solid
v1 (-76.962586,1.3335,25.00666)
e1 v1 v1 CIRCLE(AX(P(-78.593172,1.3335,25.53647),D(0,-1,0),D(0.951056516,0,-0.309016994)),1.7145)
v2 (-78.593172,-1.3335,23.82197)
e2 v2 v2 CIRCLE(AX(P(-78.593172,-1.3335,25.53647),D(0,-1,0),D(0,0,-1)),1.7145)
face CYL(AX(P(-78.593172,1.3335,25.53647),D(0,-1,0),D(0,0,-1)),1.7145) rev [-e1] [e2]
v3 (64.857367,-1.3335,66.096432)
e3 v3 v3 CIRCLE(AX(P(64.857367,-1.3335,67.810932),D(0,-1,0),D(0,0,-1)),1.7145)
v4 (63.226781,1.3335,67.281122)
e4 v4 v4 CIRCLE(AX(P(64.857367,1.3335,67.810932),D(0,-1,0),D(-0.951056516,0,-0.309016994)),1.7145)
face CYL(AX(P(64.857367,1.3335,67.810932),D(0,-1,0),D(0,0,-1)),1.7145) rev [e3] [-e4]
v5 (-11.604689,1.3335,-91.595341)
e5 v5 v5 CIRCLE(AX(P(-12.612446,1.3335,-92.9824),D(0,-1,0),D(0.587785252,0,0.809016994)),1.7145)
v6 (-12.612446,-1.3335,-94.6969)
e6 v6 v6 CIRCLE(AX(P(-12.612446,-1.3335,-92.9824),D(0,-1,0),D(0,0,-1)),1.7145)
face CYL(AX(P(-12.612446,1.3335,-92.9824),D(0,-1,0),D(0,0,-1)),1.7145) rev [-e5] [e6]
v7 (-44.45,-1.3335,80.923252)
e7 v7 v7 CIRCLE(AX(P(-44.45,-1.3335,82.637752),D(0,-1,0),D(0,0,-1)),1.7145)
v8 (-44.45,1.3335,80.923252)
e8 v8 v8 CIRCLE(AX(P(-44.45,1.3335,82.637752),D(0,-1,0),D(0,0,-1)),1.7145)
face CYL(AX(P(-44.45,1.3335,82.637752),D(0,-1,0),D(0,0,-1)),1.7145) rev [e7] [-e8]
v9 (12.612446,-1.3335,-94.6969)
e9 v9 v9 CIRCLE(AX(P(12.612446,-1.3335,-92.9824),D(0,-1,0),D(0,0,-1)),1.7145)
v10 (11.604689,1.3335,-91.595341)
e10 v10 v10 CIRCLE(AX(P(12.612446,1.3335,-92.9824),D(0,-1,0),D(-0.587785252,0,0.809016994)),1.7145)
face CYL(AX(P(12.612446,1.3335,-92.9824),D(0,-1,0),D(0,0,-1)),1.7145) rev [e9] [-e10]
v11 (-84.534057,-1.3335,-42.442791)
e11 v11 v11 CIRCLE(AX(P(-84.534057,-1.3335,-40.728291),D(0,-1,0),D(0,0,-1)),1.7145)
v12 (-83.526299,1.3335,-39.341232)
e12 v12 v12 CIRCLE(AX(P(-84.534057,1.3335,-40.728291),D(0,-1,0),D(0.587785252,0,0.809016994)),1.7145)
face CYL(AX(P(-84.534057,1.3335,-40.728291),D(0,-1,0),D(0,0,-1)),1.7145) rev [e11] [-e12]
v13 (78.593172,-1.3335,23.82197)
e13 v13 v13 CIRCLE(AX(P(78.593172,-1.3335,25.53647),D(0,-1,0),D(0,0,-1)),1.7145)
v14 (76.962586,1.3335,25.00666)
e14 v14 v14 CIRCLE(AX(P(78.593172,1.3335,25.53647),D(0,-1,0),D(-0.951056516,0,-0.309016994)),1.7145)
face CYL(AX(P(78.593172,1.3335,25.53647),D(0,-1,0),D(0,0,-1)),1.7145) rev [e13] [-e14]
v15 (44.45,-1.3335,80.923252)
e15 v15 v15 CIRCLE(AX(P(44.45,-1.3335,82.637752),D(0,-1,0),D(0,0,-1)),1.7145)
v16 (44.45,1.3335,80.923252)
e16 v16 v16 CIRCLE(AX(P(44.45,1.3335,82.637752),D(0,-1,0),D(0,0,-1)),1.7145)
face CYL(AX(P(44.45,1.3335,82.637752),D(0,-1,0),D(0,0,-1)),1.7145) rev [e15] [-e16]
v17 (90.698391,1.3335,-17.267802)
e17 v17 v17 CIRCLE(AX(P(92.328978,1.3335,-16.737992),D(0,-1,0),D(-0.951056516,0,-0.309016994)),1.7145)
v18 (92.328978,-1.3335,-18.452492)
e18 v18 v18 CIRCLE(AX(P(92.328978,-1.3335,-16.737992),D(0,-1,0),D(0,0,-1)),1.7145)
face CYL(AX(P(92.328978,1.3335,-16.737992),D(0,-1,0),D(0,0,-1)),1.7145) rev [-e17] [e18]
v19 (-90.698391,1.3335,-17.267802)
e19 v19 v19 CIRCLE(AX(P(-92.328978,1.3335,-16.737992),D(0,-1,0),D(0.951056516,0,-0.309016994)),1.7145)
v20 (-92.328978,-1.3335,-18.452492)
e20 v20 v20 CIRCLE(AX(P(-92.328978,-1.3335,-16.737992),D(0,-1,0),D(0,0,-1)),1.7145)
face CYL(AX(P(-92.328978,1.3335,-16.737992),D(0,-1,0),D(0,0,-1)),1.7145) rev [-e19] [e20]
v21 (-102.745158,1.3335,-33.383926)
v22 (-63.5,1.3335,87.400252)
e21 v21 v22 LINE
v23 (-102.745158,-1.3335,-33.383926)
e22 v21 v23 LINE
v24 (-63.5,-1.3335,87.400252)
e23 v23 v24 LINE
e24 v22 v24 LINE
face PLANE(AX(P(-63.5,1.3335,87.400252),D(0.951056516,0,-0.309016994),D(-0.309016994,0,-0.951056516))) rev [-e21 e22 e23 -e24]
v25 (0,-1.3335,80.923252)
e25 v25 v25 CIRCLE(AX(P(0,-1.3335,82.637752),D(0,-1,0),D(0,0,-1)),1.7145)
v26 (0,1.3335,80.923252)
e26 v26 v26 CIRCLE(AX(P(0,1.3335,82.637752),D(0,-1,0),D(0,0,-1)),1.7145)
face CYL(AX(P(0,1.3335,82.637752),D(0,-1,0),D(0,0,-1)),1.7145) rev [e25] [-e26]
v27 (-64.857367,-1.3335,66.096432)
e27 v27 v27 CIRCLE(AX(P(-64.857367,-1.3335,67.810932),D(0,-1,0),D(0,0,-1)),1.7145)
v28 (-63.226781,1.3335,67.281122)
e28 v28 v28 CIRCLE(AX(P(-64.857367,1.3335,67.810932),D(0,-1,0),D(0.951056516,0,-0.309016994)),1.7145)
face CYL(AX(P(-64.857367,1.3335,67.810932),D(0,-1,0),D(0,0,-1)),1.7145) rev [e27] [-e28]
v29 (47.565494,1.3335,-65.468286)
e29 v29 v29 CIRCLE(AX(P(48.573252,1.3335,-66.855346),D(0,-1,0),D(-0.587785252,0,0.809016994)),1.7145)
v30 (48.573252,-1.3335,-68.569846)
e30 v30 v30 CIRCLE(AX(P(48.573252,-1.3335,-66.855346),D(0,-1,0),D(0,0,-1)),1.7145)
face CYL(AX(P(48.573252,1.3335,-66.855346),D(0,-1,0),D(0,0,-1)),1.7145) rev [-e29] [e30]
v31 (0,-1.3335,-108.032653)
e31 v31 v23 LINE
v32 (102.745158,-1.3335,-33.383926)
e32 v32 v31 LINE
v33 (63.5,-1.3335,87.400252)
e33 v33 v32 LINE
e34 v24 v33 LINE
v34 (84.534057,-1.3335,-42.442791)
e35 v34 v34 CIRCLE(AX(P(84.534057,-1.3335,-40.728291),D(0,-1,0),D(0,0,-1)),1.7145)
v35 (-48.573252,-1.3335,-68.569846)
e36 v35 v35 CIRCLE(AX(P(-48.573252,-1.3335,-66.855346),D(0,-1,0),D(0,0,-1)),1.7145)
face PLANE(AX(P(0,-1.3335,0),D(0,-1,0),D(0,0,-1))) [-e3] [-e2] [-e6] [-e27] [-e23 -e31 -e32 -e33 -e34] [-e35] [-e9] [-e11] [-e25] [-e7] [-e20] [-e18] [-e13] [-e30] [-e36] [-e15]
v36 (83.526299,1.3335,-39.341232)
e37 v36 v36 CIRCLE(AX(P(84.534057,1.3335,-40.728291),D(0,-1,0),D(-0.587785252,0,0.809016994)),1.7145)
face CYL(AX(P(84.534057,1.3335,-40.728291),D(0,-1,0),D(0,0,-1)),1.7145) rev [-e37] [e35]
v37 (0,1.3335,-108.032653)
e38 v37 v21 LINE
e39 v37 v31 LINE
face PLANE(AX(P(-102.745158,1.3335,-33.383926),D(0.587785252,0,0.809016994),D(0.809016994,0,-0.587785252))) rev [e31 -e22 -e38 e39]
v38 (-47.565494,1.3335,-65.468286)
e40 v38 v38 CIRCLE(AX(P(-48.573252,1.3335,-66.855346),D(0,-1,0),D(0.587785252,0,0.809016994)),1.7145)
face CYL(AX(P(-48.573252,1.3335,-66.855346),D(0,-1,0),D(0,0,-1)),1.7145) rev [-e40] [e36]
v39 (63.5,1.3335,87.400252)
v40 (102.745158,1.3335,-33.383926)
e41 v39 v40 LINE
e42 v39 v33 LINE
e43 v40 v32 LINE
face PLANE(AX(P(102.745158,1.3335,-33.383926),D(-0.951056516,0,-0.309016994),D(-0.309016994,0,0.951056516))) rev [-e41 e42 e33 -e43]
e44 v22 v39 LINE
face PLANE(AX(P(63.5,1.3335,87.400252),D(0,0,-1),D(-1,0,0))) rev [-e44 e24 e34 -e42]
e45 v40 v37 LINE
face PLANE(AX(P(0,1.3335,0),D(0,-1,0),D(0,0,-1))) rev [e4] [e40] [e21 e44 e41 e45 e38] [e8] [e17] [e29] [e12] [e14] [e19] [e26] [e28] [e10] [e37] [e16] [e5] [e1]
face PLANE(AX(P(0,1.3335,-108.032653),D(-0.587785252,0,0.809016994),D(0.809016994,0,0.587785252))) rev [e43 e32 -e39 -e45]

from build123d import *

# Parameters (mm, degrees)
BOSS_EXTRUDE1_DEPTH = 1.3335
CUT_EXTRUDE1_START  = -3.667
SKETCH2_R           = 1.7145
CUT_EXTRUDE1_DEPTH  = 4.667
CIRPATTERN1_COUNT   = 5


with BuildPart() as part:
    # Sketch1 → Boss-Extrude1 (new body, symmetric)
    with BuildSketch(Plane(origin=(0, 0, 0), x_dir=(1, 0, 0), z_dir=(0, 1, 0))):
        Polygon((0, 0), (-63.5, -87.40025195), (0, -87.40025195), (63.5, -87.40025195), align=None)
    boss_extrude1 = extrude(amount=BOSS_EXTRUDE1_DEPTH, both=True)

    # Sketch2 → Cut-Extrude1 (cut)
    with BuildSketch(Plane.XZ.offset(1.3335).offset(CUT_EXTRUDE1_START)):
        with Locations((-44.45, 82.63775195)):
            Circle(SKETCH2_R)
        with Locations((0, 82.63775195)):
            Circle(SKETCH2_R)
        with Locations((44.45, 82.63775195)):
            Circle(SKETCH2_R)
    cut_extrude1 = extrude(amount=CUT_EXTRUDE1_DEPTH, mode=Mode.SUBTRACT)

    # CirPattern1: Boss-Extrude1, Cut-Extrude1 ×5 about axis
    cirpattern1_axis = Axis((0, 0, 0), (0, 1, 0))
    for i in range(1, CIRPATTERN1_COUNT):
        add(boss_extrude1.rotate(cirpattern1_axis, i * 360 / CIRPATTERN1_COUNT))
        add(cut_extrude1.rotate(cirpattern1_axis, i * 360 / CIRPATTERN1_COUNT), mode=Mode.SUBTRACT)


solid = part.part
